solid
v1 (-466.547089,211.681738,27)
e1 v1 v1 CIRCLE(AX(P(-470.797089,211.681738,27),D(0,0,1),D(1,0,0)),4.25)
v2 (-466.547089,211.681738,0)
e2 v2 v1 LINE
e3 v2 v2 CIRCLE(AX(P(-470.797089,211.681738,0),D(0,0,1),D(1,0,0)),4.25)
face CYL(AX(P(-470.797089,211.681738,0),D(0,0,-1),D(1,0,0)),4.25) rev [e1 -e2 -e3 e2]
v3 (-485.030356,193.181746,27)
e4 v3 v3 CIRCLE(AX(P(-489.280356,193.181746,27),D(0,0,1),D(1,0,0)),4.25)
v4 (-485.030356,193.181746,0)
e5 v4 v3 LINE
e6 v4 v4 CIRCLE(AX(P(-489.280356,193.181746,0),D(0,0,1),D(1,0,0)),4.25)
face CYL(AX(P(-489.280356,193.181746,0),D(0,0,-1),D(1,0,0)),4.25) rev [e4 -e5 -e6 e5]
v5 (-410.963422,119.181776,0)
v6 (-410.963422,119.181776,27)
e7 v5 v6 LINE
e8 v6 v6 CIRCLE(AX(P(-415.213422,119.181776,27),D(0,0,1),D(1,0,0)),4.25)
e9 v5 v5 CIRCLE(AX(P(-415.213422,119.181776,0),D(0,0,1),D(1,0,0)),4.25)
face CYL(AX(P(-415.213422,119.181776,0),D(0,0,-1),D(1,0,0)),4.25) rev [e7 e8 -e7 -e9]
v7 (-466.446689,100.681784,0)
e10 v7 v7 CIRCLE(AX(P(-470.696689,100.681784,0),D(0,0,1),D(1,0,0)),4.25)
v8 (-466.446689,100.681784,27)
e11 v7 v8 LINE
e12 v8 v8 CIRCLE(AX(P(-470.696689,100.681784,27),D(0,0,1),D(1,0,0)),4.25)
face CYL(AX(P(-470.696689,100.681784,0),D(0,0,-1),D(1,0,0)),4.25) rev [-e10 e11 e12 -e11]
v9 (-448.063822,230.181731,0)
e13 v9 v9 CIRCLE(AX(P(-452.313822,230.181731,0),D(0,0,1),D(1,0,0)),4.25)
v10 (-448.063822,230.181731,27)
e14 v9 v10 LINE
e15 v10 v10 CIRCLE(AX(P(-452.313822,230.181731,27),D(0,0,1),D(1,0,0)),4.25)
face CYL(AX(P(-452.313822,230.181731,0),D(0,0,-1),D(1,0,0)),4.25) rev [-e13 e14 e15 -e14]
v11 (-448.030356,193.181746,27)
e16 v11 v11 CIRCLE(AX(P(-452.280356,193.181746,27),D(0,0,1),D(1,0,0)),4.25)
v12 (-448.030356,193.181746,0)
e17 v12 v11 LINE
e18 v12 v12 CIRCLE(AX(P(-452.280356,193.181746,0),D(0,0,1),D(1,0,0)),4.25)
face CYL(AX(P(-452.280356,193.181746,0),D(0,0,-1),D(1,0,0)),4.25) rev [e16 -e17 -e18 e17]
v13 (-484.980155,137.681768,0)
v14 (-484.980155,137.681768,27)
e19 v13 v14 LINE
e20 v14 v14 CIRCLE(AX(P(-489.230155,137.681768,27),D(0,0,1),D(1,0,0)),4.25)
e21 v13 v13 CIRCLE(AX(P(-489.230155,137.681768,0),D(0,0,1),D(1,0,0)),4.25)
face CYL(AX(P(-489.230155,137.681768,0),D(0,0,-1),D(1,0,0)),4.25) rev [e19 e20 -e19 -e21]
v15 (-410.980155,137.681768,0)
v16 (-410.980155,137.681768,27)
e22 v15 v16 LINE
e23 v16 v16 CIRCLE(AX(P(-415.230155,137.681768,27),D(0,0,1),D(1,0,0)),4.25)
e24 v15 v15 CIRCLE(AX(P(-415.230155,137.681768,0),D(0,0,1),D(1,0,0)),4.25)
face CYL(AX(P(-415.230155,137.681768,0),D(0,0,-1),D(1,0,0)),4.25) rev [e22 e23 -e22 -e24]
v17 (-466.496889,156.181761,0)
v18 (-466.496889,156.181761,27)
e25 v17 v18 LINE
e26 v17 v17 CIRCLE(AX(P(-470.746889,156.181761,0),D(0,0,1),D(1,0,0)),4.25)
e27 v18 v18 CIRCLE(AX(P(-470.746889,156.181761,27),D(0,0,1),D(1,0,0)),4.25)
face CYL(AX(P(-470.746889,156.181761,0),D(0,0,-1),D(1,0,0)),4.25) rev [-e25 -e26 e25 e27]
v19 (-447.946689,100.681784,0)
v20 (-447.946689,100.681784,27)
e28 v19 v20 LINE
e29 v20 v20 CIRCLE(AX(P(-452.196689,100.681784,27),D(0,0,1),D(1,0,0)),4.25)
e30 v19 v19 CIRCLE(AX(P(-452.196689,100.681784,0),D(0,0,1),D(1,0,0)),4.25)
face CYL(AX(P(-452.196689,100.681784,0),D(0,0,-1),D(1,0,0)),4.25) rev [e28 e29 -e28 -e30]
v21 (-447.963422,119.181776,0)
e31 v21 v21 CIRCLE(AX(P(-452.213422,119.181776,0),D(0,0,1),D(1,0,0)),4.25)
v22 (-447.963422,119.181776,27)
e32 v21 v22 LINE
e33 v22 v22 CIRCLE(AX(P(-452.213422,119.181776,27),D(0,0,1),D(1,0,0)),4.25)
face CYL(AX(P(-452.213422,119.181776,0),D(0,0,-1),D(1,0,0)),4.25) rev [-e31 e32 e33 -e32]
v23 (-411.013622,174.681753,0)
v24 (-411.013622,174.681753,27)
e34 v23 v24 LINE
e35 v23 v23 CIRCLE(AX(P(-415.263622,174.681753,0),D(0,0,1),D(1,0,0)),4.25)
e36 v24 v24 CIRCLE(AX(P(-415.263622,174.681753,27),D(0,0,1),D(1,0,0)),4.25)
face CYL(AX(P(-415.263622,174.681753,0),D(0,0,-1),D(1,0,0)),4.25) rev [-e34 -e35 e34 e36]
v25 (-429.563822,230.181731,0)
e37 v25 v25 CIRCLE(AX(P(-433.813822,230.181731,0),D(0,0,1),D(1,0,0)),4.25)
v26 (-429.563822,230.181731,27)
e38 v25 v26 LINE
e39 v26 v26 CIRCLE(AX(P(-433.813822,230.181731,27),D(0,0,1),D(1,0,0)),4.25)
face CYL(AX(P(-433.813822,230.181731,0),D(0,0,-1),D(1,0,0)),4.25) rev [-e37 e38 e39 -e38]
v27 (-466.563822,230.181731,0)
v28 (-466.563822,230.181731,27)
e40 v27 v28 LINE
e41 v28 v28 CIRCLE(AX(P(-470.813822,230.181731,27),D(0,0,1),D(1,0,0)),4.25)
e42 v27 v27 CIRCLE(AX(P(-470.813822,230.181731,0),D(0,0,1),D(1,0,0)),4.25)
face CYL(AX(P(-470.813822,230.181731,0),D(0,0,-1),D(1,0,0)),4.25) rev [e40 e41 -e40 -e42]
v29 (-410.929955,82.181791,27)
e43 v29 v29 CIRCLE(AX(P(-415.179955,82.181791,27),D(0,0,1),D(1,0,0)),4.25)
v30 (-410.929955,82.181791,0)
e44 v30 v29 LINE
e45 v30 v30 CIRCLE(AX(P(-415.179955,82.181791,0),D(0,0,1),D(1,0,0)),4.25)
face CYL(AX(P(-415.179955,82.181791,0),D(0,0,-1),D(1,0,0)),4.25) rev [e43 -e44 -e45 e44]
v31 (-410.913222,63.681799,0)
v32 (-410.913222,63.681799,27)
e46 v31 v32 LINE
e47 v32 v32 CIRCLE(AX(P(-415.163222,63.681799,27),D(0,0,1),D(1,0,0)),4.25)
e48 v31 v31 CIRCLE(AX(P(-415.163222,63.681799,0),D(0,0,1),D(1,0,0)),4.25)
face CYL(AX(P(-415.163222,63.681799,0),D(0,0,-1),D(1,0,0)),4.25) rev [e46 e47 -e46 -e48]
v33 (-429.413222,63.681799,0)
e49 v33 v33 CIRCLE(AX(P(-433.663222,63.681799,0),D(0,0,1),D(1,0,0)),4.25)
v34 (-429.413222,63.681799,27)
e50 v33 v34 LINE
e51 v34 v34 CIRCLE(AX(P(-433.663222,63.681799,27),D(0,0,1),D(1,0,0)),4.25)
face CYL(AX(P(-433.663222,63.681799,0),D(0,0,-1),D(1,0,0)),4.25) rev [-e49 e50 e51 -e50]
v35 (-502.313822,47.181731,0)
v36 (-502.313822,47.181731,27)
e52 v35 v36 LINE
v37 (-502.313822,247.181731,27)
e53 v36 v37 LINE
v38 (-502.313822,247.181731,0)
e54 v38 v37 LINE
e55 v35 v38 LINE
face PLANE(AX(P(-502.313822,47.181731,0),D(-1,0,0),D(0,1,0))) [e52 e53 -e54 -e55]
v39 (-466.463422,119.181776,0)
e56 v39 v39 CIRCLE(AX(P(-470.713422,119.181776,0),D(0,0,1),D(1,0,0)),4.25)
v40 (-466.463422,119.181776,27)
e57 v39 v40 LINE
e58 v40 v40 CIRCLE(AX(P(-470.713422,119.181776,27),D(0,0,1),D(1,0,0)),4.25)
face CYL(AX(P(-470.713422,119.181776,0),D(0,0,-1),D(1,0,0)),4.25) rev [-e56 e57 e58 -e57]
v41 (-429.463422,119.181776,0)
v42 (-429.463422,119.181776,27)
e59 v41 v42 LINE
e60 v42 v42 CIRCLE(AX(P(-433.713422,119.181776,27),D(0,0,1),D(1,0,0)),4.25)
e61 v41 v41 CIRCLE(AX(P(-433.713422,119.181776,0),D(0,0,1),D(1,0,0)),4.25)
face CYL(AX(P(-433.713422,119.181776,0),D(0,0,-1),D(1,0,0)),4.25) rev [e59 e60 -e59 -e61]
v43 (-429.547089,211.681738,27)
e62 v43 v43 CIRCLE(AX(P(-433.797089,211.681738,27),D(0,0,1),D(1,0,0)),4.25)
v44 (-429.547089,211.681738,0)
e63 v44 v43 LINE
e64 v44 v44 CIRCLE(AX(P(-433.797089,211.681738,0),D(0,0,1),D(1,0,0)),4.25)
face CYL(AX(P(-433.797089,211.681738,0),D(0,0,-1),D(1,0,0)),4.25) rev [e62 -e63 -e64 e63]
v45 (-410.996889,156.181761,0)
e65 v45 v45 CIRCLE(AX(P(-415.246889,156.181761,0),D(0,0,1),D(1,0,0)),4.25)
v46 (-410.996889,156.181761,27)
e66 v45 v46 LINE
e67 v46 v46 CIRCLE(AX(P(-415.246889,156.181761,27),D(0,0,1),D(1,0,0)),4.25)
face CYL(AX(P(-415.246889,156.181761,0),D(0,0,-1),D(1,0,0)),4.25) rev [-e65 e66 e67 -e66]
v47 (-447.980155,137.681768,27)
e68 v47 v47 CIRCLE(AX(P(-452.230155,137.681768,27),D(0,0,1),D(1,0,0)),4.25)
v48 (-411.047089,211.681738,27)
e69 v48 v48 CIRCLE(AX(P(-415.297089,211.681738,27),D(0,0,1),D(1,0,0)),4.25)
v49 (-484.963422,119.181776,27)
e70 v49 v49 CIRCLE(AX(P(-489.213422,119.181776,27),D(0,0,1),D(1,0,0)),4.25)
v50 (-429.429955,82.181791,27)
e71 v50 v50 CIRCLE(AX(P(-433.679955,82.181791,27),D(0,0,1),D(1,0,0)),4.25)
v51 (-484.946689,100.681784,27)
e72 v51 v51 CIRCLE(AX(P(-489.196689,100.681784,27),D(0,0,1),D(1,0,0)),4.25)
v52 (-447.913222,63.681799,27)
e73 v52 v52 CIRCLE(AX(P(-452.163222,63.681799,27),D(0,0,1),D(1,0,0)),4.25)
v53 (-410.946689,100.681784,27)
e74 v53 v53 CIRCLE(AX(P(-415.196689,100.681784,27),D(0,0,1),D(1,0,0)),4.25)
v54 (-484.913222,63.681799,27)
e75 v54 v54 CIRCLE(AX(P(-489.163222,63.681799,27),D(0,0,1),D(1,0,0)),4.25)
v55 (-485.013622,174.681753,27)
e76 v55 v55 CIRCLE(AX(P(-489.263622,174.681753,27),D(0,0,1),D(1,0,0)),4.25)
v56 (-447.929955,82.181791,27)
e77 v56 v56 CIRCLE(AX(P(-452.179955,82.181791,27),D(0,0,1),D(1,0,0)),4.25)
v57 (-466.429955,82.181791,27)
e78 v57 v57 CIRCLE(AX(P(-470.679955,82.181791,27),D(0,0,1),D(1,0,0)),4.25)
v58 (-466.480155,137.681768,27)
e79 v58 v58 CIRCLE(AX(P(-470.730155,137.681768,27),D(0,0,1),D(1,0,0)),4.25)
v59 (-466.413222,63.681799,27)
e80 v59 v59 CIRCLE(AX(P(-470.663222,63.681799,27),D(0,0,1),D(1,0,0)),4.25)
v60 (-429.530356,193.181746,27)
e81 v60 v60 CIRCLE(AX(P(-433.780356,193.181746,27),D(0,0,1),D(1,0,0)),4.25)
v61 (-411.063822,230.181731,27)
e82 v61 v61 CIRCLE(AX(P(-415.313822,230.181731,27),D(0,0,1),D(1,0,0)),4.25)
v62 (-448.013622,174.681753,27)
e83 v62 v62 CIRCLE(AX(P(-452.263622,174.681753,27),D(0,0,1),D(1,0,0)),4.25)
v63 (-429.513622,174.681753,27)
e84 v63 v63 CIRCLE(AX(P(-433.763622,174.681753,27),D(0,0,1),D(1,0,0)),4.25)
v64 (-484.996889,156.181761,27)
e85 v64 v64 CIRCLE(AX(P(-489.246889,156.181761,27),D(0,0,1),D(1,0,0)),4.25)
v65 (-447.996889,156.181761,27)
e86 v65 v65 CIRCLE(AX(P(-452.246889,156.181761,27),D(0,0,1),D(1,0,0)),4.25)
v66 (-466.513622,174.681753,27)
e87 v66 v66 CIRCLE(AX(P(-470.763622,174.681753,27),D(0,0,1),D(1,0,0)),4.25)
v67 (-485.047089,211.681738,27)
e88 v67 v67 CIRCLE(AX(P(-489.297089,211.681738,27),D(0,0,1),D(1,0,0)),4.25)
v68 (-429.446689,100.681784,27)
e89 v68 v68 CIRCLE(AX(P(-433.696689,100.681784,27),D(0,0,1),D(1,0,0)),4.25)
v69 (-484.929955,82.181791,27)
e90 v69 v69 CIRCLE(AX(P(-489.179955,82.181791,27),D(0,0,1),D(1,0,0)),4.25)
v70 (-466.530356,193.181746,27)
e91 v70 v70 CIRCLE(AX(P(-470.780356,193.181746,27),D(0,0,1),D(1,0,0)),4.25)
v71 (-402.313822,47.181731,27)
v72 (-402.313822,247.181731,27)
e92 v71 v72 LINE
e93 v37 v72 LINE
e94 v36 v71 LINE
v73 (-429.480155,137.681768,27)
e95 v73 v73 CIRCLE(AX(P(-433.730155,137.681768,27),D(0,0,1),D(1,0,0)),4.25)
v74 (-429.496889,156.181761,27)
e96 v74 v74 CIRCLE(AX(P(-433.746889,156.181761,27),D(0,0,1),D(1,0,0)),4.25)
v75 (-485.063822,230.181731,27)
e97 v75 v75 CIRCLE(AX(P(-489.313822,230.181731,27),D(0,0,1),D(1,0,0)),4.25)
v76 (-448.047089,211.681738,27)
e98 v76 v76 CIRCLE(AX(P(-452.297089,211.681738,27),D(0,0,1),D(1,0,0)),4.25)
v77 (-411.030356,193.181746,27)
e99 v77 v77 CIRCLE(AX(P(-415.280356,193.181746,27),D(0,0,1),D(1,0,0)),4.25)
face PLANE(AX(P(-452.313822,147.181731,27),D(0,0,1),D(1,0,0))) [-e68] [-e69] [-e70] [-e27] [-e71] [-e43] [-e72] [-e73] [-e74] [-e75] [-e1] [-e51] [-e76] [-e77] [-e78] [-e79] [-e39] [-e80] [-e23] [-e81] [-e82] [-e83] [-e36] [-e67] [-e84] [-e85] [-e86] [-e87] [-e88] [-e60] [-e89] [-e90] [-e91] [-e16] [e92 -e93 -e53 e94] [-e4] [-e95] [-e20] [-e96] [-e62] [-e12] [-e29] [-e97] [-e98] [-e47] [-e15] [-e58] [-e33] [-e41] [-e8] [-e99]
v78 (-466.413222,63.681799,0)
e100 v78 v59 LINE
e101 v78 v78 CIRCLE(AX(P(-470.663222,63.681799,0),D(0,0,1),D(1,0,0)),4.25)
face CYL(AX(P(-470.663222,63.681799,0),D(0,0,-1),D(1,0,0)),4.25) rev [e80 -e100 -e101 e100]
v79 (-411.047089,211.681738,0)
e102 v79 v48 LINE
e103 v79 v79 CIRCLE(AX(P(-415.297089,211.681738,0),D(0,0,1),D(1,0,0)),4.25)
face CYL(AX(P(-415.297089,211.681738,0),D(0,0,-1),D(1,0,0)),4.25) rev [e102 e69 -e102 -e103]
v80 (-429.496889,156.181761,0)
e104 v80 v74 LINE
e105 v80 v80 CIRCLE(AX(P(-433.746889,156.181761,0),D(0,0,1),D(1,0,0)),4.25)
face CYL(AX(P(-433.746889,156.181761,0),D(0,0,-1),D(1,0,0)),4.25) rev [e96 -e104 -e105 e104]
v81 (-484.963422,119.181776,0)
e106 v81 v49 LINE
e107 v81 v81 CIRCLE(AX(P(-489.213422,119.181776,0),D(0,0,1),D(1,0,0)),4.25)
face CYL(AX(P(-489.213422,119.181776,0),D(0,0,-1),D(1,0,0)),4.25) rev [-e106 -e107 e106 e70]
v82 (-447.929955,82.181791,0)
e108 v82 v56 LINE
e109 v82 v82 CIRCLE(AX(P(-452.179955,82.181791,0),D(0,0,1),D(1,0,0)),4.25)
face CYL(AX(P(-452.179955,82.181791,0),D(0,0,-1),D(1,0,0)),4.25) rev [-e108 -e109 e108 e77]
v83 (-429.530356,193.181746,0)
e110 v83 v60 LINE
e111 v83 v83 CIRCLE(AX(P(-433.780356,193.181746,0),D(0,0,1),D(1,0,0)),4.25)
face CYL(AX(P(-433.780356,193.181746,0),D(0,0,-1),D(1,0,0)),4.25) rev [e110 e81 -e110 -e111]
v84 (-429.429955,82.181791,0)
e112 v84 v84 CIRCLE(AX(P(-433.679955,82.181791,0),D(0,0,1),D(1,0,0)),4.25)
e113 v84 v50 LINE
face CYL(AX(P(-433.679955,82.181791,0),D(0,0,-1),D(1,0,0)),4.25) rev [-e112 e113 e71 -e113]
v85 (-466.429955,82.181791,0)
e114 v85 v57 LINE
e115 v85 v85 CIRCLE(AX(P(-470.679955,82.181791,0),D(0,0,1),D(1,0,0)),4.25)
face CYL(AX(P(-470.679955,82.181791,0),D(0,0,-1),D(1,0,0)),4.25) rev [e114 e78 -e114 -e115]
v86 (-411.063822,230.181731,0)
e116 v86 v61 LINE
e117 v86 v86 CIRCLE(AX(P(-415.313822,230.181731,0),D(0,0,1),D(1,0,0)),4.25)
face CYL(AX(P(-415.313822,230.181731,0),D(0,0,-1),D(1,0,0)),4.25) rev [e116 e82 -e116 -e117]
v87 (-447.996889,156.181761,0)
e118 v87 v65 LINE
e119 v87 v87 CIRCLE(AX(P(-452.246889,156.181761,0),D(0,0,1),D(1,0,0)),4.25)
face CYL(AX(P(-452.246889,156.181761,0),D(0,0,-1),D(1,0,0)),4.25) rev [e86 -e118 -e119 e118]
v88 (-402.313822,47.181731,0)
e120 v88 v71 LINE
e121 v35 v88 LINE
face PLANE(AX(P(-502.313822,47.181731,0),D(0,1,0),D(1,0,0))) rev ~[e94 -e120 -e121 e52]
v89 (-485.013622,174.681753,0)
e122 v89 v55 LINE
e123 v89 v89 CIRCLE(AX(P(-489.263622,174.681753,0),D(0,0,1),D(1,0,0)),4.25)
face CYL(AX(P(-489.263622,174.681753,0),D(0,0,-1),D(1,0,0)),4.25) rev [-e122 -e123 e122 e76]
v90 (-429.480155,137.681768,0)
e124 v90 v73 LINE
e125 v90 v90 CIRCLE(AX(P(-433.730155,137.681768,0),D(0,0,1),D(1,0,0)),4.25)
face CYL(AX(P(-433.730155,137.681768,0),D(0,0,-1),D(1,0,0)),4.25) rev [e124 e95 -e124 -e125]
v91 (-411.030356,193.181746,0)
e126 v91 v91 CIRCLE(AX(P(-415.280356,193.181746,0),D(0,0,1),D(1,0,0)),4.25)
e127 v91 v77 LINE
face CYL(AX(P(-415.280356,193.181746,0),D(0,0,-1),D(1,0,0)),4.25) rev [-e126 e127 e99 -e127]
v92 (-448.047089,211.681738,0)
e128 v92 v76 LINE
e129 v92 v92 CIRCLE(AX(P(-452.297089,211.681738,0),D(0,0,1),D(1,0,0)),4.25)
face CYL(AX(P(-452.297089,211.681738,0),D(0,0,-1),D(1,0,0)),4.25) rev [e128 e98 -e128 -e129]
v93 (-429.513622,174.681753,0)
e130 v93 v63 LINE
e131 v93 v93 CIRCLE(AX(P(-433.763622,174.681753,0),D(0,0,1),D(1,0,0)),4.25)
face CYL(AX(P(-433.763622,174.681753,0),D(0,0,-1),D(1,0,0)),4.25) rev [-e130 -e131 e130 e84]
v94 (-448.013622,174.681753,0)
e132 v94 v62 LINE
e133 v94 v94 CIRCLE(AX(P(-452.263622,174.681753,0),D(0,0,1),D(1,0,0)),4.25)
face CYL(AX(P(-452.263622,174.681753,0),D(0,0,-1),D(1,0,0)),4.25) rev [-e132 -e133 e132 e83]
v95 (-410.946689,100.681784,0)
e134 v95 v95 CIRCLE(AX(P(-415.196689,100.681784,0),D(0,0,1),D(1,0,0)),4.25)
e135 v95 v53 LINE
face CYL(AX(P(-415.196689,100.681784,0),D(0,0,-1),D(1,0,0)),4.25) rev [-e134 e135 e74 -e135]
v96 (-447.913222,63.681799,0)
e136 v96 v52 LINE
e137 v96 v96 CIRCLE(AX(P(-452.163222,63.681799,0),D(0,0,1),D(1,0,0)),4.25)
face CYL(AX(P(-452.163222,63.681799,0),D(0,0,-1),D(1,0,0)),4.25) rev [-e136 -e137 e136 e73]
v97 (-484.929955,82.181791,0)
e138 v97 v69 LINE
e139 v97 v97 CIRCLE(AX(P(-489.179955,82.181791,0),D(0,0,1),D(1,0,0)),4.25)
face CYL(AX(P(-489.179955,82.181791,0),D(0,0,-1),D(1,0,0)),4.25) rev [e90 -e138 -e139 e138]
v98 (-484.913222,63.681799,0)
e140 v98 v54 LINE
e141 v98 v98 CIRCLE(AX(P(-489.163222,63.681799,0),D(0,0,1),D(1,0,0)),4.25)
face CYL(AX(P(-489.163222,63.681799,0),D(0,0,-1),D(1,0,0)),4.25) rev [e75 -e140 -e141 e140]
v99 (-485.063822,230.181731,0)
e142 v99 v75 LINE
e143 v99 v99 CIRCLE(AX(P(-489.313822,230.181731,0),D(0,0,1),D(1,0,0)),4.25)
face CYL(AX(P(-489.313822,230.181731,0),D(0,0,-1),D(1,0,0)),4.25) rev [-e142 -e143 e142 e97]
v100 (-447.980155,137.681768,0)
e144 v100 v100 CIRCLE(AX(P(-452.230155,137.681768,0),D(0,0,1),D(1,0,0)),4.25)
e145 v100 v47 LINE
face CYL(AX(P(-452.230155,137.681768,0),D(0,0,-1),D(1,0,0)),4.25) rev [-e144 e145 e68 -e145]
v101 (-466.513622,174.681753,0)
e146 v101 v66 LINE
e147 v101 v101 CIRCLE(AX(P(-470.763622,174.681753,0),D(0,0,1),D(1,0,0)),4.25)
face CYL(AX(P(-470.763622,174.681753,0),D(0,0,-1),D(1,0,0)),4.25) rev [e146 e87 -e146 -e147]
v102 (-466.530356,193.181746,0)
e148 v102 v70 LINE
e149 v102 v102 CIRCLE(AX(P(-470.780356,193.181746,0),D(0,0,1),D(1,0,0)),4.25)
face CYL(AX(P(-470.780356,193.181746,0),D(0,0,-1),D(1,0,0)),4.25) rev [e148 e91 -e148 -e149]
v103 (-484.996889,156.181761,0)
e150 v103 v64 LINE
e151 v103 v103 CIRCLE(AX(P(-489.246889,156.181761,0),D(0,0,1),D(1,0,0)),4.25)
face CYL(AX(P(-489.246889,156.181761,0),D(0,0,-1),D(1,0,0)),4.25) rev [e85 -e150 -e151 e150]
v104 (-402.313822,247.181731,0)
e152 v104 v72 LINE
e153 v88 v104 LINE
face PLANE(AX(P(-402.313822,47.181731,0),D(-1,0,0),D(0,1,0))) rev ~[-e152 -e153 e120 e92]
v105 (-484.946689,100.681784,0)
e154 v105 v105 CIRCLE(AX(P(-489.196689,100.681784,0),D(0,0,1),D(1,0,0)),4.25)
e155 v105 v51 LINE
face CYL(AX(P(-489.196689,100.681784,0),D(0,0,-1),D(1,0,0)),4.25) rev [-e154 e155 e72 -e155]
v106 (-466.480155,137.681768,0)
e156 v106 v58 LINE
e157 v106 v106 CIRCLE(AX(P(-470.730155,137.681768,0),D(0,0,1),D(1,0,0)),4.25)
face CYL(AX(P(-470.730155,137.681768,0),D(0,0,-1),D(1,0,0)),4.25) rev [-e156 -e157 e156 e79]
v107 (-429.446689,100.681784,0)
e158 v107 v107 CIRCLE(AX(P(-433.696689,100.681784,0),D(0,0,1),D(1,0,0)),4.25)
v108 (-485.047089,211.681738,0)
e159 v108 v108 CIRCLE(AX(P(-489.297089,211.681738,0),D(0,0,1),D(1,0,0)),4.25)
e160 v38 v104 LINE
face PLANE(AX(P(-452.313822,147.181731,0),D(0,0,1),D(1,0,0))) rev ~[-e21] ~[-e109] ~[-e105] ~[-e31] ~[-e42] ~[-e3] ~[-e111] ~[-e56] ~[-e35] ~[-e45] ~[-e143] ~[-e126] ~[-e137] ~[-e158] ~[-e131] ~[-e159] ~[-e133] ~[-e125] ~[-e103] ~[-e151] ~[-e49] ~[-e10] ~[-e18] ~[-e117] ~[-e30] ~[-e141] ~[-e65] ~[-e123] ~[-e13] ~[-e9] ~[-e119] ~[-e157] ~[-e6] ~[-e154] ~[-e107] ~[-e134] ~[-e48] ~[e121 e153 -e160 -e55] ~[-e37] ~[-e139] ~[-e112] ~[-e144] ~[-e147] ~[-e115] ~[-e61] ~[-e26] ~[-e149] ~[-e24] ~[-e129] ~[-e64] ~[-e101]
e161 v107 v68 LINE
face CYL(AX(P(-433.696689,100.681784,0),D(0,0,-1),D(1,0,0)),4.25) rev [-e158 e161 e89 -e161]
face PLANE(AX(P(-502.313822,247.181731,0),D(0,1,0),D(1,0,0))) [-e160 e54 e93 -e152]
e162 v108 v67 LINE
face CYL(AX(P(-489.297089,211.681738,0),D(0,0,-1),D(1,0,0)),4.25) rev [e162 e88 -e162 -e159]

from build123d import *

# Parameters (mm, degrees)
F0_W     = 100
F0_H     = 200
F0_R     = 4.25
F1_DEPTH = 27


with BuildPart() as f1:
    # F0 (on Top) → F1 (new body)
    with BuildSketch(Plane.XY):
        with Locations((-452.313822, 147.181731)):
            Rectangle(F0_W, F0_H)
        with Locations((-489.163222, 63.681799)):
            Circle(F0_R, mode=Mode.SUBTRACT)
        with Locations((-489.179955, 82.181791)):
            Circle(F0_R, mode=Mode.SUBTRACT)
        with Locations((-470.663222, 63.681799)):
            Circle(F0_R, mode=Mode.SUBTRACT)
        with Locations((-470.679955, 82.181791)):
            Circle(F0_R, mode=Mode.SUBTRACT)
        with Locations((-489.196689, 100.681784)):
            Circle(F0_R, mode=Mode.SUBTRACT)
        with Locations((-489.213422, 119.181776)):
            Circle(F0_R, mode=Mode.SUBTRACT)
        with Locations((-489.230155, 137.681768)):
            Circle(F0_R, mode=Mode.SUBTRACT)
        with Locations((-470.696689, 100.681784)):
            Circle(F0_R, mode=Mode.SUBTRACT)
        with Locations((-470.713422, 119.181776)):
            Circle(F0_R, mode=Mode.SUBTRACT)
        with Locations((-470.730155, 137.681768)):
            Circle(F0_R, mode=Mode.SUBTRACT)
        with Locations((-452.163222, 63.681799)):
            Circle(F0_R, mode=Mode.SUBTRACT)
        with Locations((-433.663222, 63.681799)):
            Circle(F0_R, mode=Mode.SUBTRACT)
        with Locations((-452.179955, 82.181791)):
            Circle(F0_R, mode=Mode.SUBTRACT)
        with Locations((-433.679955, 82.181791)):
            Circle(F0_R, mode=Mode.SUBTRACT)
        with Locations((-415.163222, 63.681799)):
            Circle(F0_R, mode=Mode.SUBTRACT)
        with Locations((-415.179955, 82.181791)):
            Circle(F0_R, mode=Mode.SUBTRACT)
        with Locations((-452.196689, 100.681784)):
            Circle(F0_R, mode=Mode.SUBTRACT)
        with Locations((-452.213422, 119.181776)):
            Circle(F0_R, mode=Mode.SUBTRACT)
        with Locations((-433.696689, 100.681784)):
            Circle(F0_R, mode=Mode.SUBTRACT)
        with Locations((-433.713422, 119.181776)):
            Circle(F0_R, mode=Mode.SUBTRACT)
        with Locations((-452.230155, 137.681768)):
            Circle(F0_R, mode=Mode.SUBTRACT)
        with Locations((-433.730155, 137.681768)):
            Circle(F0_R, mode=Mode.SUBTRACT)
        with Locations((-415.196689, 100.681784)):
            Circle(F0_R, mode=Mode.SUBTRACT)
        with Locations((-415.213422, 119.181776)):
            Circle(F0_R, mode=Mode.SUBTRACT)
        with Locations((-415.230155, 137.681768)):
            Circle(F0_R, mode=Mode.SUBTRACT)
        with Locations((-489.246889, 156.181761)):
            Circle(F0_R, mode=Mode.SUBTRACT)
        with Locations((-489.263622, 174.681753)):
            Circle(F0_R, mode=Mode.SUBTRACT)
        with Locations((-489.280356, 193.181746)):
            Circle(F0_R, mode=Mode.SUBTRACT)
        with Locations((-470.746889, 156.181761)):
            Circle(F0_R, mode=Mode.SUBTRACT)
        with Locations((-470.763622, 174.681753)):
            Circle(F0_R, mode=Mode.SUBTRACT)
        with Locations((-470.780356, 193.181746)):
            Circle(F0_R, mode=Mode.SUBTRACT)
        with Locations((-489.297089, 211.681738)):
            Circle(F0_R, mode=Mode.SUBTRACT)
        with Locations((-489.313822, 230.181731)):
            Circle(F0_R, mode=Mode.SUBTRACT)
        with Locations((-470.797089, 211.681738)):
            Circle(F0_R, mode=Mode.SUBTRACT)
        with Locations((-470.813822, 230.181731)):
            Circle(F0_R, mode=Mode.SUBTRACT)
        with Locations((-452.313822, 230.181731)):
            Circle(F0_R, mode=Mode.SUBTRACT)
        with Locations((-452.246889, 156.181761)):
            Circle(F0_R, mode=Mode.SUBTRACT)
        with Locations((-433.746889, 156.181761)):
            Circle(F0_R, mode=Mode.SUBTRACT)
        with Locations((-452.263622, 174.681753)):
            Circle(F0_R, mode=Mode.SUBTRACT)
        with Locations((-452.280356, 193.181746)):
            Circle(F0_R, mode=Mode.SUBTRACT)
        with Locations((-433.763622, 174.681753)):
            Circle(F0_R, mode=Mode.SUBTRACT)
        with Locations((-433.780356, 193.181746)):
            Circle(F0_R, mode=Mode.SUBTRACT)
        with Locations((-415.246889, 156.181761)):
            Circle(F0_R, mode=Mode.SUBTRACT)
        with Locations((-415.263622, 174.681753)):
            Circle(F0_R, mode=Mode.SUBTRACT)
        with Locations((-415.280356, 193.181746)):
            Circle(F0_R, mode=Mode.SUBTRACT)
        with Locations((-452.297089, 211.681738)):
            Circle(F0_R, mode=Mode.SUBTRACT)
        with Locations((-433.797089, 211.681738)):
            Circle(F0_R, mode=Mode.SUBTRACT)
        with Locations((-433.813822, 230.181731)):
            Circle(F0_R, mode=Mode.SUBTRACT)
        with Locations((-415.297089, 211.681738)):
            Circle(F0_R, mode=Mode.SUBTRACT)
        with Locations((-415.313822, 230.181731)):
            Circle(F0_R, mode=Mode.SUBTRACT)
    extrude(amount=F1_DEPTH)


solid = f1.part
